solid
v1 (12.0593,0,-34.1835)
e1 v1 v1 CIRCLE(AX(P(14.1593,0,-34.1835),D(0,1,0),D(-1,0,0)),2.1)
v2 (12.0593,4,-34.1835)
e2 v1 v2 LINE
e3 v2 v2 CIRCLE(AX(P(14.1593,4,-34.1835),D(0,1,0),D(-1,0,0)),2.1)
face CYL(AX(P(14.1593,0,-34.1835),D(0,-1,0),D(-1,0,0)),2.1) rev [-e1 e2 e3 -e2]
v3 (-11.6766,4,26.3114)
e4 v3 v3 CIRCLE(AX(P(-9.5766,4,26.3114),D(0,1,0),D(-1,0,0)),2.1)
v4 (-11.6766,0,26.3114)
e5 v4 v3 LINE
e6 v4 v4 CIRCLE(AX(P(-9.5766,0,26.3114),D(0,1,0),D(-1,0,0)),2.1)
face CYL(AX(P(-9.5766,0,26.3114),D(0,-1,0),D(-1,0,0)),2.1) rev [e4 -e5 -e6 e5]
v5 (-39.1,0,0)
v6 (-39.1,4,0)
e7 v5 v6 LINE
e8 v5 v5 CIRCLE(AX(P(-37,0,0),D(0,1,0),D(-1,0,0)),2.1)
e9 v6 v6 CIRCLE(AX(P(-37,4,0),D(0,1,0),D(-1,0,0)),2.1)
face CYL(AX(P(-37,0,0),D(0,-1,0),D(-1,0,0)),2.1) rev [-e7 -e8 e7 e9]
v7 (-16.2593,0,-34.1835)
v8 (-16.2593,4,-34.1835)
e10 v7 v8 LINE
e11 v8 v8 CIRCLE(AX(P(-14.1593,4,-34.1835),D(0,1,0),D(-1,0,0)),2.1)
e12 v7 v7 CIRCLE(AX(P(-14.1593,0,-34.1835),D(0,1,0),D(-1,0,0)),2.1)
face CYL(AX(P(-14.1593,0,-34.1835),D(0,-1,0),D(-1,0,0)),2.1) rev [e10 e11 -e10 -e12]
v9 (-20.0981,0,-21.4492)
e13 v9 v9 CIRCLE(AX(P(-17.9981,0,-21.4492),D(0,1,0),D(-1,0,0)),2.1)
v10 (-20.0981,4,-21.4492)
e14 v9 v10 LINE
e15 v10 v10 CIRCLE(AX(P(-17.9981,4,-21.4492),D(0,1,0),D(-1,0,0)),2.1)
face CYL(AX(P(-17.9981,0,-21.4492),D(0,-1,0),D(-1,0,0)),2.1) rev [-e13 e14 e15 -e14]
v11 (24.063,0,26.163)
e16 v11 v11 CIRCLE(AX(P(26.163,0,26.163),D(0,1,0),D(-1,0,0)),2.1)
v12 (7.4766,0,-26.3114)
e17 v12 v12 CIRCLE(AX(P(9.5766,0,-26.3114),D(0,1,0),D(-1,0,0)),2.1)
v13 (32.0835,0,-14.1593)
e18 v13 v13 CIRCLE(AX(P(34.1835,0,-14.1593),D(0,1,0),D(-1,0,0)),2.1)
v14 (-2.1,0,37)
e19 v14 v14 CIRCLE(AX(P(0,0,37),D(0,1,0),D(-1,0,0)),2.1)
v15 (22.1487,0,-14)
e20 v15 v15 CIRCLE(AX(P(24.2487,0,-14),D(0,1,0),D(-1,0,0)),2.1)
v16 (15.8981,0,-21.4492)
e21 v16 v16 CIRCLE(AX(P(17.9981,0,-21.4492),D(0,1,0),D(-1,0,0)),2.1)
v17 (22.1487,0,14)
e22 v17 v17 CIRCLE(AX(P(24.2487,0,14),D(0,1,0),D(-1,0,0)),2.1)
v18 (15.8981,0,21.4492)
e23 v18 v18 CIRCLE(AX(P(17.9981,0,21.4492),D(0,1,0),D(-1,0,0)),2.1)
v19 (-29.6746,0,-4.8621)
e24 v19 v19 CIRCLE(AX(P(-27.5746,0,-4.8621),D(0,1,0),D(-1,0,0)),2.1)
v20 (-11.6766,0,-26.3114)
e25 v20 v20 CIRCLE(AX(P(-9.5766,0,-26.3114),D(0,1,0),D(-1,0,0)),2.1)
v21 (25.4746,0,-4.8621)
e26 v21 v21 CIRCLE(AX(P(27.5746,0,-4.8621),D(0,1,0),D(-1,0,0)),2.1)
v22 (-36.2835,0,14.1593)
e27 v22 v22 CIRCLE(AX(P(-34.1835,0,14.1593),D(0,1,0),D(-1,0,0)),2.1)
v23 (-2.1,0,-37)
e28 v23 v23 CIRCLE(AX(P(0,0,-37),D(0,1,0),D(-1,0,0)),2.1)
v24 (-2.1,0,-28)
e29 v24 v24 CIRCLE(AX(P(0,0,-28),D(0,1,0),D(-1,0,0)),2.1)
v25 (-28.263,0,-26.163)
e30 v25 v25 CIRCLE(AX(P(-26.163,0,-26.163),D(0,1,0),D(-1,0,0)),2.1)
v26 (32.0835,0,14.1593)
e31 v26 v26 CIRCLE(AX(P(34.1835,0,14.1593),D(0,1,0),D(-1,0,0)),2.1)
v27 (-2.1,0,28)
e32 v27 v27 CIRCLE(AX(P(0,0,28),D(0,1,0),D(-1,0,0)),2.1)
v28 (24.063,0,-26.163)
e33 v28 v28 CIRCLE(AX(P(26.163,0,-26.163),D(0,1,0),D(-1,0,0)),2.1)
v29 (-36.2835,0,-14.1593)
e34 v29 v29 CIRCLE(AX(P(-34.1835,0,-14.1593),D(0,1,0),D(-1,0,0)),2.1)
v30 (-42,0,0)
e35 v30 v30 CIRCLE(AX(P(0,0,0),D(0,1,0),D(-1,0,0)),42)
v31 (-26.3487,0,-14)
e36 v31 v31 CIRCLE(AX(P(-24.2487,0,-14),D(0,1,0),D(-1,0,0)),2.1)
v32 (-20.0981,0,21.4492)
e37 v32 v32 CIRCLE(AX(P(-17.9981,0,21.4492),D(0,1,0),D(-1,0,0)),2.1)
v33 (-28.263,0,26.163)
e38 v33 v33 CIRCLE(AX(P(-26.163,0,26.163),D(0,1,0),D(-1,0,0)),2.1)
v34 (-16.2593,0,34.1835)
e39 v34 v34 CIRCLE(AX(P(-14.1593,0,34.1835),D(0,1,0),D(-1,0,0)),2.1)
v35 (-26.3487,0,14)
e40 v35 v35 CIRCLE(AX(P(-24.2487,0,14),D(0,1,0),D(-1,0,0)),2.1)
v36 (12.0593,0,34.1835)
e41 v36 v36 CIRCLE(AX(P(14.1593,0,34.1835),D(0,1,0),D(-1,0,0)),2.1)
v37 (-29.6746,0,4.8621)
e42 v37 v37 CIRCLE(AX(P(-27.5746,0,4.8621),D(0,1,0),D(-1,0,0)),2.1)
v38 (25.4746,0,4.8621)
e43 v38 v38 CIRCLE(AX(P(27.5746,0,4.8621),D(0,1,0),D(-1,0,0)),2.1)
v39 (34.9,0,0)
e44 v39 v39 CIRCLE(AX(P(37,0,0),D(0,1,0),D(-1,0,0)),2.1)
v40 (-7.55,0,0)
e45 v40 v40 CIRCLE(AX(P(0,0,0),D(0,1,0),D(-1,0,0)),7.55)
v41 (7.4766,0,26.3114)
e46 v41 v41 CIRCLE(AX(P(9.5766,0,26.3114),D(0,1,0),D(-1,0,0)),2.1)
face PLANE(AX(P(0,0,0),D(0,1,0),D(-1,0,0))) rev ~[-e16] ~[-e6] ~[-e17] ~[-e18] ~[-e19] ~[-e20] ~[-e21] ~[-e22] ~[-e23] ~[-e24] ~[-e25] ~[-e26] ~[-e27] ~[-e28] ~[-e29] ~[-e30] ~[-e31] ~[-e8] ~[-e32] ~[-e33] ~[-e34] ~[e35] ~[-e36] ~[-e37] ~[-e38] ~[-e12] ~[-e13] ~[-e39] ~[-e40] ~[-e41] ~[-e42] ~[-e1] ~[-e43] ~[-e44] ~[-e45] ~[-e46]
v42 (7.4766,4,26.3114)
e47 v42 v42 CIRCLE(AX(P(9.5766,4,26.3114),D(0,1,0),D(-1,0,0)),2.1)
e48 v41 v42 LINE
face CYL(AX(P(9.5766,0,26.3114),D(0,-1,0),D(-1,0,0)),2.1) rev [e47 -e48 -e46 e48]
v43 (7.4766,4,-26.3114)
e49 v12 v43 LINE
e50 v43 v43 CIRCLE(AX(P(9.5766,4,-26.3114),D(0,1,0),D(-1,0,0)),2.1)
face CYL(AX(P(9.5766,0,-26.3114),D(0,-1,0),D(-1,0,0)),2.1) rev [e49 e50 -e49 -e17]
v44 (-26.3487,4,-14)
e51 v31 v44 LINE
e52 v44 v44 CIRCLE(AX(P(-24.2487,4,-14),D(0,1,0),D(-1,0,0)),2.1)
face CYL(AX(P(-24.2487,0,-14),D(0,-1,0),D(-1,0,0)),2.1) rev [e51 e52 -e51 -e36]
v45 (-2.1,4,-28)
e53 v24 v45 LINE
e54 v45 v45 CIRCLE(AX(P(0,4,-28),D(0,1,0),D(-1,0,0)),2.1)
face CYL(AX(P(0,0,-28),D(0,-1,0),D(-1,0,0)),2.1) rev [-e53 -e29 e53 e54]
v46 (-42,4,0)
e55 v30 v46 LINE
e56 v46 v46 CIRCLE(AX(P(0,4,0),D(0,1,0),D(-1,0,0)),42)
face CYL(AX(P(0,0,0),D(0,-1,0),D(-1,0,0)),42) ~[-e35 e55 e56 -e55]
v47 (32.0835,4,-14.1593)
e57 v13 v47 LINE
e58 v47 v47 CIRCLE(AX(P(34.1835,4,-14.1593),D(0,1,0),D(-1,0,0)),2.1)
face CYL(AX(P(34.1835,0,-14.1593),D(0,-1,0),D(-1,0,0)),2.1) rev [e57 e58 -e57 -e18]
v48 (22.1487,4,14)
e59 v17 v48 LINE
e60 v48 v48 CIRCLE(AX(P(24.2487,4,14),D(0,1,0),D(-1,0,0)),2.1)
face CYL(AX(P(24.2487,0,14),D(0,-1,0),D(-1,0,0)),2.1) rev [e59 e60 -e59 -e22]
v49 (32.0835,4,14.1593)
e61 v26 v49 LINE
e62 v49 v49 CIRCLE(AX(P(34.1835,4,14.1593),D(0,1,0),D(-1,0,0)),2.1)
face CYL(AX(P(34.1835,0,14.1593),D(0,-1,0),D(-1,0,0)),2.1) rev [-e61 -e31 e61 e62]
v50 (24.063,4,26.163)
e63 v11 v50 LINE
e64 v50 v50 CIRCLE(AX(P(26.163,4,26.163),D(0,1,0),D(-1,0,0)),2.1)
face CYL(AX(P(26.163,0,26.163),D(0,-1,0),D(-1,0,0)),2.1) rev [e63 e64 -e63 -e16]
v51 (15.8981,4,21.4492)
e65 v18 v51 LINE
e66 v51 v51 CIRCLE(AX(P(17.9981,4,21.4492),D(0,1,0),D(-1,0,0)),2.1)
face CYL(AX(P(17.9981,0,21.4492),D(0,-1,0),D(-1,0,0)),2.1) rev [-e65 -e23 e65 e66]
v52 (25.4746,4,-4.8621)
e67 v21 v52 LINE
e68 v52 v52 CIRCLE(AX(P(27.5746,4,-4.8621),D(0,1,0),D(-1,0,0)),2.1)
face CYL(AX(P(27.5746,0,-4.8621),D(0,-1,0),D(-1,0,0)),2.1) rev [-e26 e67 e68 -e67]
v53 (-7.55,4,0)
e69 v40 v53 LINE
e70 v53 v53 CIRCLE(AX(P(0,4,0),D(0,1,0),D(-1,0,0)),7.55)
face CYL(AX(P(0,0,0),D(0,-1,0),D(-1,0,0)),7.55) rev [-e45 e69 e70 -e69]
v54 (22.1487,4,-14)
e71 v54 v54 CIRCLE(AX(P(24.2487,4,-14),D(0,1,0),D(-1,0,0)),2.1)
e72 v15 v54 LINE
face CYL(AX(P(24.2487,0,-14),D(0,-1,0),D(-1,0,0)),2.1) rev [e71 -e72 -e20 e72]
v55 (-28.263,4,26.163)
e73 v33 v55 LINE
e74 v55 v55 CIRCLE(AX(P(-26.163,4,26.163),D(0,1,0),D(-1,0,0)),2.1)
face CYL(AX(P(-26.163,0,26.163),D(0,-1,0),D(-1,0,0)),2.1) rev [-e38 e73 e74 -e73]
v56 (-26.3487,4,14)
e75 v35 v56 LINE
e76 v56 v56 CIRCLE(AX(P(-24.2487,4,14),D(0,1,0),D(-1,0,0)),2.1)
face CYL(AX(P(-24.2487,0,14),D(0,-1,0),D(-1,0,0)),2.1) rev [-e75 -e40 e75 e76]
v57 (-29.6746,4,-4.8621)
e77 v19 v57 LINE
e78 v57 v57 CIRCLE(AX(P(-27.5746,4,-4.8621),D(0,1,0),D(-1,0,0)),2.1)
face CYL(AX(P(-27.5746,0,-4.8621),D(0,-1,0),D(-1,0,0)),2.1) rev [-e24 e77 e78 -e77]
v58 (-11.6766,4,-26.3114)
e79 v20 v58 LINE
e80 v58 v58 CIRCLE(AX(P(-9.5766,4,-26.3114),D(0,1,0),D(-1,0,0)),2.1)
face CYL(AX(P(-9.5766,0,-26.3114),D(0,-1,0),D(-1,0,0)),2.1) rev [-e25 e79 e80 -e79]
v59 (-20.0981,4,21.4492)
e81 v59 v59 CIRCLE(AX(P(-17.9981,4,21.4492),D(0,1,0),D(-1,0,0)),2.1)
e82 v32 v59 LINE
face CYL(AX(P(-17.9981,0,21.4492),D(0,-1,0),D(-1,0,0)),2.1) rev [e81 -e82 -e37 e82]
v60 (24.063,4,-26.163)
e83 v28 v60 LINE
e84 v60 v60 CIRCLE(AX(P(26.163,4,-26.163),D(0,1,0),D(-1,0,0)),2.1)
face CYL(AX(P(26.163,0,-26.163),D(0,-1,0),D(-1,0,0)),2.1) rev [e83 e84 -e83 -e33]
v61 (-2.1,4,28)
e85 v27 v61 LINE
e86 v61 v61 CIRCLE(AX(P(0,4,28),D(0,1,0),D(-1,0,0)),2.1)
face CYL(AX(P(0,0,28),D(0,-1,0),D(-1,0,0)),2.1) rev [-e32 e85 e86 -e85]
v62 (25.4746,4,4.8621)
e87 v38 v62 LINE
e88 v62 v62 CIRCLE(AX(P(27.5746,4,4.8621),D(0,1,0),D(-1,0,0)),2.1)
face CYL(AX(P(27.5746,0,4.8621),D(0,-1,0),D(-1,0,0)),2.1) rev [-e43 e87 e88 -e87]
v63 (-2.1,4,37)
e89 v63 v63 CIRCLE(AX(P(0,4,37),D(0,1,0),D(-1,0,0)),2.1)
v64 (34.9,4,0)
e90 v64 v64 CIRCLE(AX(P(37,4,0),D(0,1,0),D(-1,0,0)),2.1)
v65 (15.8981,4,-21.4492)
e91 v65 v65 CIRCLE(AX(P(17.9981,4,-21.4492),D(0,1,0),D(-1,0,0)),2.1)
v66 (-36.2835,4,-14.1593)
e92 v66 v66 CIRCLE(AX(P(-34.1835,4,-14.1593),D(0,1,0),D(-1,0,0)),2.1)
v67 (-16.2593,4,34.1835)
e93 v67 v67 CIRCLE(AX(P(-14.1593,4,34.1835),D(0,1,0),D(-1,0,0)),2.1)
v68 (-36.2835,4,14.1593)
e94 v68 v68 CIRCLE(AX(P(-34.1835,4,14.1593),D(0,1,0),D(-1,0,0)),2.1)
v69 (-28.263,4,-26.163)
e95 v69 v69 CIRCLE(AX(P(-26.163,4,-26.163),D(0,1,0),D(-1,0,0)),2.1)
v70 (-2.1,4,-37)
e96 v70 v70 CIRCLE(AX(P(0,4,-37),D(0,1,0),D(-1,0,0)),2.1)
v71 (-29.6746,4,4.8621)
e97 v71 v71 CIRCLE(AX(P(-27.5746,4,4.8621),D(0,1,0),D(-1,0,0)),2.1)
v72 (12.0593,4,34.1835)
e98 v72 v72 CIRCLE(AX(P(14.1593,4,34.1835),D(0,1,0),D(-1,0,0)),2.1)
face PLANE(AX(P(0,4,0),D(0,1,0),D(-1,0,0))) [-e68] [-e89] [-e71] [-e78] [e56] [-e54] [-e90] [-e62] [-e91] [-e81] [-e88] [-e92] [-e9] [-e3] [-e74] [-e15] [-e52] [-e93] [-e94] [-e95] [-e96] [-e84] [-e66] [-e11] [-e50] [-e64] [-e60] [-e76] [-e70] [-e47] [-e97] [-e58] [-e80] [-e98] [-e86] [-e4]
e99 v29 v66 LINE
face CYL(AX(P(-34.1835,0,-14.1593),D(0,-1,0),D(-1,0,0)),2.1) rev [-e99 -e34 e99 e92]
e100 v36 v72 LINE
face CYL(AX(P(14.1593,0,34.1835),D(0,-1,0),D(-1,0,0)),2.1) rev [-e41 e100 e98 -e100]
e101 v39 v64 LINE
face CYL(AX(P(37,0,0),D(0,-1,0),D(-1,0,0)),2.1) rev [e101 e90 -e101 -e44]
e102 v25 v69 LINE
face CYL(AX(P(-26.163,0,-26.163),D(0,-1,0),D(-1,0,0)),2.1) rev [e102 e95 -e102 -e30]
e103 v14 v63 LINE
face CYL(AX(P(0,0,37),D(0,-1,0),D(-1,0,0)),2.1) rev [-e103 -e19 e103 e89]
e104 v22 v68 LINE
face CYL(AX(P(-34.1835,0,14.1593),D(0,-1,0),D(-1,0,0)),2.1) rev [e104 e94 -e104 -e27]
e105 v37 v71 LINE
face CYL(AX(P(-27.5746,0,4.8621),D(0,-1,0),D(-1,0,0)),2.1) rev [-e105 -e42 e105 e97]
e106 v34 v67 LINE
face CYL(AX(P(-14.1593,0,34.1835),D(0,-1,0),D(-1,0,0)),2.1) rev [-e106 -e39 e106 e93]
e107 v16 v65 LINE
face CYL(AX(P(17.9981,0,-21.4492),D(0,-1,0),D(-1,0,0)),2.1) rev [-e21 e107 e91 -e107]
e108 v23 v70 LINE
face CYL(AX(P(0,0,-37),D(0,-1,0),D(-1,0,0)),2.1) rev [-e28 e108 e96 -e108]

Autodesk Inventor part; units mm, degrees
ref_plane "YZ Plane" through (0, 0, 0) normal (1, 0, 0) x (0, 1, 0)
ref_plane "XZ Plane" through (0, 0, 0) normal (0, 1, 0) x (-1, 0, 0)
ref_plane "XY Plane" through (0, 0, 0) normal (0, 0, 1) x (1, 0, 0)
sketch "Sketch1" plane through (0, 0, 0) normal (0, 1, 0) x (-1, 0, 0)
  circle A0 centre (0, 0) radius 42
  circle A1 centre (0, -28) radius 2.1
  circle A2 centre (0, -28) radius 4.1 construction
  circle A3 centre (9.5766, -26.3114) radius 2.1
  circle A4 centre (17.9981, -21.4492) radius 2.1
  circle A5 centre (24.2487, -14) radius 2.1
  circle A6 centre (27.5746, -4.8621) radius 2.1
  circle A7 centre (27.5746, 4.8621) radius 2.1
  circle A8 centre (24.2487, 14) radius 2.1
  circle A9 centre (17.9981, 21.4492) radius 2.1
  circle A10 centre (9.5766, 26.3114) radius 2.1
  circle A11 centre (0, 28) radius 2.1
  circle A12 centre (-9.5766, 26.3114) radius 2.1
  circle A13 centre (-17.9981, 21.4492) radius 2.1
  circle A14 centre (-24.2487, 14) radius 2.1
  circle A15 centre (-27.5746, 4.8621) radius 2.1
  circle A16 centre (-27.5746, -4.8621) radius 2.1
  circle A17 centre (-24.2487, -14) radius 2.1
  circle A18 centre (-17.9981, -21.4492) radius 2.1
  circle A19 centre (-9.5766, -26.3114) radius 2.1
  circle A20 centre (0, 0) radius 7.55
  circle A21 centre (9.5766, -26.3114) radius 4.1 construction
  circle A22 centre (0, -37) radius 2.1
  circle A23 centre (0, -37) radius 4 construction
  circle A24 centre (14.1593, -34.1835) radius 2.1
  circle A25 centre (26.163, -26.163) radius 2.1
  circle A26 centre (34.1835, -14.1593) radius 2.1
  circle A27 centre (37, 0) radius 2.1
  circle A28 centre (34.1835, 14.1593) radius 2.1
  circle A29 centre (26.163, 26.163) radius 2.1
  circle A30 centre (14.1593, 34.1835) radius 2.1
  circle A31 centre (0, 37) radius 2.1
  circle A32 centre (-14.1593, 34.1835) radius 2.1
  circle A33 centre (-26.163, 26.163) radius 2.1
  circle A34 centre (-34.1835, 14.1593) radius 2.1
  circle A35 centre (-37, 0) radius 2.1
  circle A36 centre (-34.1835, -14.1593) radius 2.1
  circle A37 centre (-26.163, -26.163) radius 2.1
  circle A38 centre (-14.1593, -34.1835) radius 2.1
  dimension "d4" = 84
  dimension "d5" = 4.2
  dimension "d6" = 28
  dimension "d7" = 8.2
  dimension "d8" = 360
  dimension "d9" = 15.1
  dimension "d10" = 8.2
  dimension "d11" = 4.2
  dimension "d12" = 37
  dimension "d13" = 8
  dimension "d14" = 360
extrude "Extrusion1" add sketch "Sketch1" along normal blind 4
properties part number "HousingFaceMount"
